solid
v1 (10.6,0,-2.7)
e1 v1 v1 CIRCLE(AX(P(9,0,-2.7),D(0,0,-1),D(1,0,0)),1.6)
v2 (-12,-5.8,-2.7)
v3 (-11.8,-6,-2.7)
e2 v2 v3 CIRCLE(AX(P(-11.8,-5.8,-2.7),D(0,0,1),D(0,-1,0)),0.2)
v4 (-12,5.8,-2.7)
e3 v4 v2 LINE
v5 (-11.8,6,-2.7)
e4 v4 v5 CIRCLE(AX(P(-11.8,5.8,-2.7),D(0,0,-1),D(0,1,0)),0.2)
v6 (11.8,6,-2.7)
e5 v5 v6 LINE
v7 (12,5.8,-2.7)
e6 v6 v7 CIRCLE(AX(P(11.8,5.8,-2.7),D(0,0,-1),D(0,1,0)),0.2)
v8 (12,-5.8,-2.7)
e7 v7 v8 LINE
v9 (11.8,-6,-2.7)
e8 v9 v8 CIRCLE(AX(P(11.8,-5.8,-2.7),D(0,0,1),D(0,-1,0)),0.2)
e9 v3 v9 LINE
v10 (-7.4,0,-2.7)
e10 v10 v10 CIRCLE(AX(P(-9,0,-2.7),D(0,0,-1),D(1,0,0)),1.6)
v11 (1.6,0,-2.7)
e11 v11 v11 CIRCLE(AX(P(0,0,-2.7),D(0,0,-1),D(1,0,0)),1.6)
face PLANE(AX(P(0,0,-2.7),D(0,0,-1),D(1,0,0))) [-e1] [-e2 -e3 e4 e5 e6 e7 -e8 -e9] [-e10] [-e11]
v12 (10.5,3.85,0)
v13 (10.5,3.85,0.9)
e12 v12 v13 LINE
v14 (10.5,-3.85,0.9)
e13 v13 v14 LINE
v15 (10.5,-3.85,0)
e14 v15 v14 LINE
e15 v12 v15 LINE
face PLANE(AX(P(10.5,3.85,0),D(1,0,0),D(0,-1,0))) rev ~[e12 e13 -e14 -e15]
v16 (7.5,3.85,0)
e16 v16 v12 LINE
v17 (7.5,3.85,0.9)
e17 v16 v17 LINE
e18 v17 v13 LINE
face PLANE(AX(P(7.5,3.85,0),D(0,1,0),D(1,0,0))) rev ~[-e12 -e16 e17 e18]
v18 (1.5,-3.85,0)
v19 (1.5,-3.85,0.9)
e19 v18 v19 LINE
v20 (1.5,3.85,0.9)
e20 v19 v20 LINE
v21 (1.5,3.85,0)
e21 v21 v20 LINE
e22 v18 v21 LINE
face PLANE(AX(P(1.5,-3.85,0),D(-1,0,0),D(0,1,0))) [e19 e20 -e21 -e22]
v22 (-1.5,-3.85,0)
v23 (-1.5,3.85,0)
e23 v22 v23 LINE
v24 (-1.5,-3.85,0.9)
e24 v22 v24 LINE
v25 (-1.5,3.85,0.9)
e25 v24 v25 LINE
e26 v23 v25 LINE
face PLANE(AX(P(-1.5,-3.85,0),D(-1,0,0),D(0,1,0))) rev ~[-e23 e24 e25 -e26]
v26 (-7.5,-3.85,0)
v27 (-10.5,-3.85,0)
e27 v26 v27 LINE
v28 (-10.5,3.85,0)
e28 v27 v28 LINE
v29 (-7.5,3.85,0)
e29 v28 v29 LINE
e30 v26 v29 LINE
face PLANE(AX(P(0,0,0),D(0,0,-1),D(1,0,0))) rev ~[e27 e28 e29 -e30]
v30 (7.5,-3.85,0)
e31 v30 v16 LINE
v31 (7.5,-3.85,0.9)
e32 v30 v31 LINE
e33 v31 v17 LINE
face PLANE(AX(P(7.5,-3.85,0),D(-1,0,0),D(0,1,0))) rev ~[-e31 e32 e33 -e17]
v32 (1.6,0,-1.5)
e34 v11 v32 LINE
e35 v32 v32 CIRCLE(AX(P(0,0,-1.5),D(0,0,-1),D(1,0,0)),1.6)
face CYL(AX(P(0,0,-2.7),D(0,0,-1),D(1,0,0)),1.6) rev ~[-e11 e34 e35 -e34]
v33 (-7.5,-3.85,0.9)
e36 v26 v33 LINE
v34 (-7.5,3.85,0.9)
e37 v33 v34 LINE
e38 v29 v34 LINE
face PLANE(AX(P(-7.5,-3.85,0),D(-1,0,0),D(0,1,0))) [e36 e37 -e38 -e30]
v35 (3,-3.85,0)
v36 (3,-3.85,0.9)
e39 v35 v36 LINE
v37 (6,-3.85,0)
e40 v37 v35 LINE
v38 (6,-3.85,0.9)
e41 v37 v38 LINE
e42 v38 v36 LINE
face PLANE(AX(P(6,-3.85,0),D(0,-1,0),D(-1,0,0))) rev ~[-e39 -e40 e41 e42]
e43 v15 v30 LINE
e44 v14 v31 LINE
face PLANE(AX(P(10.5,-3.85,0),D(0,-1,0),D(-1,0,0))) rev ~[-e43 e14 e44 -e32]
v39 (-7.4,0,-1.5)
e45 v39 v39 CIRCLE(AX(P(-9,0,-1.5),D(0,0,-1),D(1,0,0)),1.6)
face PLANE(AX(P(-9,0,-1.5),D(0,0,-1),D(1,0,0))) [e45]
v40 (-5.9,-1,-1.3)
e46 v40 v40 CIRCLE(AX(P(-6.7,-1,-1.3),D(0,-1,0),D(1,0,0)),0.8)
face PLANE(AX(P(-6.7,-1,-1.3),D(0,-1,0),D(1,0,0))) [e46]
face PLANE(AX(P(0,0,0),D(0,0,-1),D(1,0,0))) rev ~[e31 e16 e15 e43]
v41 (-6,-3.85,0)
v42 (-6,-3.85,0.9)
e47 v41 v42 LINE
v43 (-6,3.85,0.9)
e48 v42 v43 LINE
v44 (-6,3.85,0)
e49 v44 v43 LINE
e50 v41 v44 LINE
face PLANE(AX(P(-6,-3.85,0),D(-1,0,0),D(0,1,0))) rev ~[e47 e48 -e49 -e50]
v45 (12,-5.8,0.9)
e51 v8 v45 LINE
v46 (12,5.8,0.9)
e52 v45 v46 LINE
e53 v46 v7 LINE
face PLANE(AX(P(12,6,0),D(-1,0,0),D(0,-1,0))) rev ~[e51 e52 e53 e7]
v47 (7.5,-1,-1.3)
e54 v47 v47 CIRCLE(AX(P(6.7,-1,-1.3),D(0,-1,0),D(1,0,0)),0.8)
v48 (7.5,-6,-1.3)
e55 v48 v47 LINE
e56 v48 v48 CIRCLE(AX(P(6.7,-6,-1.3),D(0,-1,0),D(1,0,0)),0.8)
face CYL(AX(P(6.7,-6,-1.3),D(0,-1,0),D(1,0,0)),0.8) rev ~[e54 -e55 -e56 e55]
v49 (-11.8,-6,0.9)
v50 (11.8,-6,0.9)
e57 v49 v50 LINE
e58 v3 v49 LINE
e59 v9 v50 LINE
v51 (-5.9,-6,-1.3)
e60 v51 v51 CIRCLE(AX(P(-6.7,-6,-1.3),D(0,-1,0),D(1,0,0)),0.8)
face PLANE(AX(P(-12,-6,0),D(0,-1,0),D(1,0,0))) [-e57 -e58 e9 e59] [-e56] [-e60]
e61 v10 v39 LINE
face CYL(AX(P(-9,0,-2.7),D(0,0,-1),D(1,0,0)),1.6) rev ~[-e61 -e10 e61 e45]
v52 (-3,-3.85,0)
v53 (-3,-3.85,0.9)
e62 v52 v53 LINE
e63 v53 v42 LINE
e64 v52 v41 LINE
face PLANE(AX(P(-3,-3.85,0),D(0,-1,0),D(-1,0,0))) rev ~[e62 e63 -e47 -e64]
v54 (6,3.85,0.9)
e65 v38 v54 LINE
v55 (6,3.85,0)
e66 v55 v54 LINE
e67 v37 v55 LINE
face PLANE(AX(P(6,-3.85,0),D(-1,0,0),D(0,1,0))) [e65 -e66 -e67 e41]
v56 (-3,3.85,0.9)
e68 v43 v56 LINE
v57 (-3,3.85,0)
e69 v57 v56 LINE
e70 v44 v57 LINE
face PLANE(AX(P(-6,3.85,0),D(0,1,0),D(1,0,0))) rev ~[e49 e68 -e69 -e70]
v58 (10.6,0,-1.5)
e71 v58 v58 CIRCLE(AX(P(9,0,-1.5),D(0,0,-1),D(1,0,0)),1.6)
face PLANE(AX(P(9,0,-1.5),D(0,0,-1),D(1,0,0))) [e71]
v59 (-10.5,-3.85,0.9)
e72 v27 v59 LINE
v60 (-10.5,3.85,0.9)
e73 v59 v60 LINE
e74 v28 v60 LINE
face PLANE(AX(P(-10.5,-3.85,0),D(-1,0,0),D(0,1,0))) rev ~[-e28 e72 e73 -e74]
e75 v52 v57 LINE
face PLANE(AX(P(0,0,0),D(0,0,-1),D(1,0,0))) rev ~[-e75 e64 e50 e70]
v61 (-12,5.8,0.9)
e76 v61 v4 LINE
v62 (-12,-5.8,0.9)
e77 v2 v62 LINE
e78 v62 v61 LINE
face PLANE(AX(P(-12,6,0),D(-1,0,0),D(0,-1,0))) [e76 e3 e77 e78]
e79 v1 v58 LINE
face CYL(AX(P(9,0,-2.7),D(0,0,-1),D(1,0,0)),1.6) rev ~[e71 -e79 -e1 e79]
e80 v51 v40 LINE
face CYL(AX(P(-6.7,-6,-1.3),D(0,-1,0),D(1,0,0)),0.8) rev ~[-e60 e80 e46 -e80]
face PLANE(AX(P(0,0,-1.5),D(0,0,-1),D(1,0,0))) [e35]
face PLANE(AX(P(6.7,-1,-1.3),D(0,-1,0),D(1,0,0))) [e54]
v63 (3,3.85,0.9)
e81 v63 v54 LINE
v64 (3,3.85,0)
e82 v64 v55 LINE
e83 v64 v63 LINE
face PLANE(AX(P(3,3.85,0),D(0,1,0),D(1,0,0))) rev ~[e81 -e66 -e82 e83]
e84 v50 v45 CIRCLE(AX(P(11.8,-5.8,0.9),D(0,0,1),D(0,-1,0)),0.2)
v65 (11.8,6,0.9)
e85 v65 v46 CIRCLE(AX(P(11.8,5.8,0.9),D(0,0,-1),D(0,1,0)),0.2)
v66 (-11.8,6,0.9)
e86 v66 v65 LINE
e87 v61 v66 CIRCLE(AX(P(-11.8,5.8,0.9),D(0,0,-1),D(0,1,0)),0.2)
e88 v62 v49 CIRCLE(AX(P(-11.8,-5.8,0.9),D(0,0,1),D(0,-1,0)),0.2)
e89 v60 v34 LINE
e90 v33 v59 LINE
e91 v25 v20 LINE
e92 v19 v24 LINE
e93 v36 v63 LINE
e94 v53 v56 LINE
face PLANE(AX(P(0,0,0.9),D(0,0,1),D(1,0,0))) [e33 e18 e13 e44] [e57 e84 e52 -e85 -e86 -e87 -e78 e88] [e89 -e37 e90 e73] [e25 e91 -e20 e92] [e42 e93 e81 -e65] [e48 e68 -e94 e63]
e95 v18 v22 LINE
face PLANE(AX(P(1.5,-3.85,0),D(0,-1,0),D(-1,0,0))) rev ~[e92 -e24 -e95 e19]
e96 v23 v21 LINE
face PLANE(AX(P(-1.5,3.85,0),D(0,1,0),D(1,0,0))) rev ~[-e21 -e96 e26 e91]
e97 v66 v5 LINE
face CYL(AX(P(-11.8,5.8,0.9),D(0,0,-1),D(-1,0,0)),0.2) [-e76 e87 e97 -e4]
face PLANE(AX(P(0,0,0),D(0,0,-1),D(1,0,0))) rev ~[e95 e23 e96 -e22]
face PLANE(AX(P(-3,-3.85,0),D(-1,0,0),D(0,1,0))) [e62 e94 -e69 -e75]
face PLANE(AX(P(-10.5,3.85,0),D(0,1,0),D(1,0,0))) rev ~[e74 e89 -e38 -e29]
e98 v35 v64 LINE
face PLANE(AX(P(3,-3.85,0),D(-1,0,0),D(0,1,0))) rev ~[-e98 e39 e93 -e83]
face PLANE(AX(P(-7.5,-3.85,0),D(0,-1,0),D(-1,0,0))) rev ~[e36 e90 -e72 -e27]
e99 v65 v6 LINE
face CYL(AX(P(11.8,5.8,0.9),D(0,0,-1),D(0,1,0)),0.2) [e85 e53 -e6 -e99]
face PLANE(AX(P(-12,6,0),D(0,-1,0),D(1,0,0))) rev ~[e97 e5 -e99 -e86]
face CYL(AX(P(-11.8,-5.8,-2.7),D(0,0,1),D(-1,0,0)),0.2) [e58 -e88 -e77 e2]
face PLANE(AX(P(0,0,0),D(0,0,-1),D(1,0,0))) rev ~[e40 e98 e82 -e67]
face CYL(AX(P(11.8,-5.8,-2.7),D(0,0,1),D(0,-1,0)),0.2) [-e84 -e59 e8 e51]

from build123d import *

# Parameters (mm, degrees)
F0_W     = 24
F0_H     = 12
F0_W_2   = 1.5
F0_H_2   = 7.7
F1_DEPTH = 0.9
F2_W     = 24
F2_H     = 12
F3_DEPTH = 2.7
F4_R     = 1.6
F5_DEPTH = 1.2
F6_R     = 0.2
F7_R     = 0.8
F8_DEPTH = 5


with BuildPart() as f1:
    # F0 (on Top) → F1 (new body)
    with BuildSketch(Plane.XY):
        Rectangle(F0_W, F0_H)
        Polygon((-10.5, -3.85), (-10.5, 3.85), (-7.5, 3.85), (-6, 3.85), (-3, 3.85), (-1.5, 3.85), (1.5, 3.85), (3, 3.85), (6, 3.85), (7.5, 3.85), (10.5, 3.85), (10.5, -3.85), (7.5, -3.85), (6, -3.85), (3, -3.85), (1.5, -3.85), (-1.5, -3.85), (-3, -3.85), (-6, -3.85), (-7.5, -3.85), align=None, mode=Mode.SUBTRACT)
        with Locations((-6.75, 0)):
            Rectangle(F0_W_2, F0_H_2)
        with Locations((-2.25, 0)):
            Rectangle(F0_W_2, F0_H_2)
        with Locations((2.25, 0)):
            Rectangle(F0_W_2, F0_H_2)
        with Locations((6.75, 0)):
            Rectangle(F0_W_2, F0_H_2)
    extrude(amount=F1_DEPTH)

    # F2 (on face) → F3 (join)
    with BuildSketch(Plane(origin=(0, 0, 0), x_dir=(1, 0, 0), z_dir=(0, 0, -1))):
        Rectangle(F2_W, F2_H)
    extrude(amount=F3_DEPTH)

    # F4 (on face) → F5 (cut)
    with BuildSketch(Plane(origin=(0, 0, -2.7), x_dir=(1, 0, 0), z_dir=(0, 0, -1))):
        Circle(F4_R)
        with Locations((9, 0)):
            Circle(F4_R)
        with Locations((-9, 0)):
            Circle(F4_R)
    extrude(amount=-F5_DEPTH, mode=Mode.SUBTRACT)

    # F6
    f6_edges = [f1.edges().sort_by_distance(p)[0] for p in [
        (-12, -6, -0.9),
        (12, -6, -0.9),
        (12, 6, -0.9),
        (-12, 6, -0.9),
    ]]
    fillet(f6_edges, radius=F6_R)

    # F7 (on face) → F8 (cut)
    with BuildSketch(Plane.XZ.offset(6)):
        with Locations((-6.7, -1.3)):
            Circle(F7_R)
        with Locations((6.7, -1.3)):
            Circle(F7_R)
    extrude(amount=-F8_DEPTH, mode=Mode.SUBTRACT)


solid = f1.part
